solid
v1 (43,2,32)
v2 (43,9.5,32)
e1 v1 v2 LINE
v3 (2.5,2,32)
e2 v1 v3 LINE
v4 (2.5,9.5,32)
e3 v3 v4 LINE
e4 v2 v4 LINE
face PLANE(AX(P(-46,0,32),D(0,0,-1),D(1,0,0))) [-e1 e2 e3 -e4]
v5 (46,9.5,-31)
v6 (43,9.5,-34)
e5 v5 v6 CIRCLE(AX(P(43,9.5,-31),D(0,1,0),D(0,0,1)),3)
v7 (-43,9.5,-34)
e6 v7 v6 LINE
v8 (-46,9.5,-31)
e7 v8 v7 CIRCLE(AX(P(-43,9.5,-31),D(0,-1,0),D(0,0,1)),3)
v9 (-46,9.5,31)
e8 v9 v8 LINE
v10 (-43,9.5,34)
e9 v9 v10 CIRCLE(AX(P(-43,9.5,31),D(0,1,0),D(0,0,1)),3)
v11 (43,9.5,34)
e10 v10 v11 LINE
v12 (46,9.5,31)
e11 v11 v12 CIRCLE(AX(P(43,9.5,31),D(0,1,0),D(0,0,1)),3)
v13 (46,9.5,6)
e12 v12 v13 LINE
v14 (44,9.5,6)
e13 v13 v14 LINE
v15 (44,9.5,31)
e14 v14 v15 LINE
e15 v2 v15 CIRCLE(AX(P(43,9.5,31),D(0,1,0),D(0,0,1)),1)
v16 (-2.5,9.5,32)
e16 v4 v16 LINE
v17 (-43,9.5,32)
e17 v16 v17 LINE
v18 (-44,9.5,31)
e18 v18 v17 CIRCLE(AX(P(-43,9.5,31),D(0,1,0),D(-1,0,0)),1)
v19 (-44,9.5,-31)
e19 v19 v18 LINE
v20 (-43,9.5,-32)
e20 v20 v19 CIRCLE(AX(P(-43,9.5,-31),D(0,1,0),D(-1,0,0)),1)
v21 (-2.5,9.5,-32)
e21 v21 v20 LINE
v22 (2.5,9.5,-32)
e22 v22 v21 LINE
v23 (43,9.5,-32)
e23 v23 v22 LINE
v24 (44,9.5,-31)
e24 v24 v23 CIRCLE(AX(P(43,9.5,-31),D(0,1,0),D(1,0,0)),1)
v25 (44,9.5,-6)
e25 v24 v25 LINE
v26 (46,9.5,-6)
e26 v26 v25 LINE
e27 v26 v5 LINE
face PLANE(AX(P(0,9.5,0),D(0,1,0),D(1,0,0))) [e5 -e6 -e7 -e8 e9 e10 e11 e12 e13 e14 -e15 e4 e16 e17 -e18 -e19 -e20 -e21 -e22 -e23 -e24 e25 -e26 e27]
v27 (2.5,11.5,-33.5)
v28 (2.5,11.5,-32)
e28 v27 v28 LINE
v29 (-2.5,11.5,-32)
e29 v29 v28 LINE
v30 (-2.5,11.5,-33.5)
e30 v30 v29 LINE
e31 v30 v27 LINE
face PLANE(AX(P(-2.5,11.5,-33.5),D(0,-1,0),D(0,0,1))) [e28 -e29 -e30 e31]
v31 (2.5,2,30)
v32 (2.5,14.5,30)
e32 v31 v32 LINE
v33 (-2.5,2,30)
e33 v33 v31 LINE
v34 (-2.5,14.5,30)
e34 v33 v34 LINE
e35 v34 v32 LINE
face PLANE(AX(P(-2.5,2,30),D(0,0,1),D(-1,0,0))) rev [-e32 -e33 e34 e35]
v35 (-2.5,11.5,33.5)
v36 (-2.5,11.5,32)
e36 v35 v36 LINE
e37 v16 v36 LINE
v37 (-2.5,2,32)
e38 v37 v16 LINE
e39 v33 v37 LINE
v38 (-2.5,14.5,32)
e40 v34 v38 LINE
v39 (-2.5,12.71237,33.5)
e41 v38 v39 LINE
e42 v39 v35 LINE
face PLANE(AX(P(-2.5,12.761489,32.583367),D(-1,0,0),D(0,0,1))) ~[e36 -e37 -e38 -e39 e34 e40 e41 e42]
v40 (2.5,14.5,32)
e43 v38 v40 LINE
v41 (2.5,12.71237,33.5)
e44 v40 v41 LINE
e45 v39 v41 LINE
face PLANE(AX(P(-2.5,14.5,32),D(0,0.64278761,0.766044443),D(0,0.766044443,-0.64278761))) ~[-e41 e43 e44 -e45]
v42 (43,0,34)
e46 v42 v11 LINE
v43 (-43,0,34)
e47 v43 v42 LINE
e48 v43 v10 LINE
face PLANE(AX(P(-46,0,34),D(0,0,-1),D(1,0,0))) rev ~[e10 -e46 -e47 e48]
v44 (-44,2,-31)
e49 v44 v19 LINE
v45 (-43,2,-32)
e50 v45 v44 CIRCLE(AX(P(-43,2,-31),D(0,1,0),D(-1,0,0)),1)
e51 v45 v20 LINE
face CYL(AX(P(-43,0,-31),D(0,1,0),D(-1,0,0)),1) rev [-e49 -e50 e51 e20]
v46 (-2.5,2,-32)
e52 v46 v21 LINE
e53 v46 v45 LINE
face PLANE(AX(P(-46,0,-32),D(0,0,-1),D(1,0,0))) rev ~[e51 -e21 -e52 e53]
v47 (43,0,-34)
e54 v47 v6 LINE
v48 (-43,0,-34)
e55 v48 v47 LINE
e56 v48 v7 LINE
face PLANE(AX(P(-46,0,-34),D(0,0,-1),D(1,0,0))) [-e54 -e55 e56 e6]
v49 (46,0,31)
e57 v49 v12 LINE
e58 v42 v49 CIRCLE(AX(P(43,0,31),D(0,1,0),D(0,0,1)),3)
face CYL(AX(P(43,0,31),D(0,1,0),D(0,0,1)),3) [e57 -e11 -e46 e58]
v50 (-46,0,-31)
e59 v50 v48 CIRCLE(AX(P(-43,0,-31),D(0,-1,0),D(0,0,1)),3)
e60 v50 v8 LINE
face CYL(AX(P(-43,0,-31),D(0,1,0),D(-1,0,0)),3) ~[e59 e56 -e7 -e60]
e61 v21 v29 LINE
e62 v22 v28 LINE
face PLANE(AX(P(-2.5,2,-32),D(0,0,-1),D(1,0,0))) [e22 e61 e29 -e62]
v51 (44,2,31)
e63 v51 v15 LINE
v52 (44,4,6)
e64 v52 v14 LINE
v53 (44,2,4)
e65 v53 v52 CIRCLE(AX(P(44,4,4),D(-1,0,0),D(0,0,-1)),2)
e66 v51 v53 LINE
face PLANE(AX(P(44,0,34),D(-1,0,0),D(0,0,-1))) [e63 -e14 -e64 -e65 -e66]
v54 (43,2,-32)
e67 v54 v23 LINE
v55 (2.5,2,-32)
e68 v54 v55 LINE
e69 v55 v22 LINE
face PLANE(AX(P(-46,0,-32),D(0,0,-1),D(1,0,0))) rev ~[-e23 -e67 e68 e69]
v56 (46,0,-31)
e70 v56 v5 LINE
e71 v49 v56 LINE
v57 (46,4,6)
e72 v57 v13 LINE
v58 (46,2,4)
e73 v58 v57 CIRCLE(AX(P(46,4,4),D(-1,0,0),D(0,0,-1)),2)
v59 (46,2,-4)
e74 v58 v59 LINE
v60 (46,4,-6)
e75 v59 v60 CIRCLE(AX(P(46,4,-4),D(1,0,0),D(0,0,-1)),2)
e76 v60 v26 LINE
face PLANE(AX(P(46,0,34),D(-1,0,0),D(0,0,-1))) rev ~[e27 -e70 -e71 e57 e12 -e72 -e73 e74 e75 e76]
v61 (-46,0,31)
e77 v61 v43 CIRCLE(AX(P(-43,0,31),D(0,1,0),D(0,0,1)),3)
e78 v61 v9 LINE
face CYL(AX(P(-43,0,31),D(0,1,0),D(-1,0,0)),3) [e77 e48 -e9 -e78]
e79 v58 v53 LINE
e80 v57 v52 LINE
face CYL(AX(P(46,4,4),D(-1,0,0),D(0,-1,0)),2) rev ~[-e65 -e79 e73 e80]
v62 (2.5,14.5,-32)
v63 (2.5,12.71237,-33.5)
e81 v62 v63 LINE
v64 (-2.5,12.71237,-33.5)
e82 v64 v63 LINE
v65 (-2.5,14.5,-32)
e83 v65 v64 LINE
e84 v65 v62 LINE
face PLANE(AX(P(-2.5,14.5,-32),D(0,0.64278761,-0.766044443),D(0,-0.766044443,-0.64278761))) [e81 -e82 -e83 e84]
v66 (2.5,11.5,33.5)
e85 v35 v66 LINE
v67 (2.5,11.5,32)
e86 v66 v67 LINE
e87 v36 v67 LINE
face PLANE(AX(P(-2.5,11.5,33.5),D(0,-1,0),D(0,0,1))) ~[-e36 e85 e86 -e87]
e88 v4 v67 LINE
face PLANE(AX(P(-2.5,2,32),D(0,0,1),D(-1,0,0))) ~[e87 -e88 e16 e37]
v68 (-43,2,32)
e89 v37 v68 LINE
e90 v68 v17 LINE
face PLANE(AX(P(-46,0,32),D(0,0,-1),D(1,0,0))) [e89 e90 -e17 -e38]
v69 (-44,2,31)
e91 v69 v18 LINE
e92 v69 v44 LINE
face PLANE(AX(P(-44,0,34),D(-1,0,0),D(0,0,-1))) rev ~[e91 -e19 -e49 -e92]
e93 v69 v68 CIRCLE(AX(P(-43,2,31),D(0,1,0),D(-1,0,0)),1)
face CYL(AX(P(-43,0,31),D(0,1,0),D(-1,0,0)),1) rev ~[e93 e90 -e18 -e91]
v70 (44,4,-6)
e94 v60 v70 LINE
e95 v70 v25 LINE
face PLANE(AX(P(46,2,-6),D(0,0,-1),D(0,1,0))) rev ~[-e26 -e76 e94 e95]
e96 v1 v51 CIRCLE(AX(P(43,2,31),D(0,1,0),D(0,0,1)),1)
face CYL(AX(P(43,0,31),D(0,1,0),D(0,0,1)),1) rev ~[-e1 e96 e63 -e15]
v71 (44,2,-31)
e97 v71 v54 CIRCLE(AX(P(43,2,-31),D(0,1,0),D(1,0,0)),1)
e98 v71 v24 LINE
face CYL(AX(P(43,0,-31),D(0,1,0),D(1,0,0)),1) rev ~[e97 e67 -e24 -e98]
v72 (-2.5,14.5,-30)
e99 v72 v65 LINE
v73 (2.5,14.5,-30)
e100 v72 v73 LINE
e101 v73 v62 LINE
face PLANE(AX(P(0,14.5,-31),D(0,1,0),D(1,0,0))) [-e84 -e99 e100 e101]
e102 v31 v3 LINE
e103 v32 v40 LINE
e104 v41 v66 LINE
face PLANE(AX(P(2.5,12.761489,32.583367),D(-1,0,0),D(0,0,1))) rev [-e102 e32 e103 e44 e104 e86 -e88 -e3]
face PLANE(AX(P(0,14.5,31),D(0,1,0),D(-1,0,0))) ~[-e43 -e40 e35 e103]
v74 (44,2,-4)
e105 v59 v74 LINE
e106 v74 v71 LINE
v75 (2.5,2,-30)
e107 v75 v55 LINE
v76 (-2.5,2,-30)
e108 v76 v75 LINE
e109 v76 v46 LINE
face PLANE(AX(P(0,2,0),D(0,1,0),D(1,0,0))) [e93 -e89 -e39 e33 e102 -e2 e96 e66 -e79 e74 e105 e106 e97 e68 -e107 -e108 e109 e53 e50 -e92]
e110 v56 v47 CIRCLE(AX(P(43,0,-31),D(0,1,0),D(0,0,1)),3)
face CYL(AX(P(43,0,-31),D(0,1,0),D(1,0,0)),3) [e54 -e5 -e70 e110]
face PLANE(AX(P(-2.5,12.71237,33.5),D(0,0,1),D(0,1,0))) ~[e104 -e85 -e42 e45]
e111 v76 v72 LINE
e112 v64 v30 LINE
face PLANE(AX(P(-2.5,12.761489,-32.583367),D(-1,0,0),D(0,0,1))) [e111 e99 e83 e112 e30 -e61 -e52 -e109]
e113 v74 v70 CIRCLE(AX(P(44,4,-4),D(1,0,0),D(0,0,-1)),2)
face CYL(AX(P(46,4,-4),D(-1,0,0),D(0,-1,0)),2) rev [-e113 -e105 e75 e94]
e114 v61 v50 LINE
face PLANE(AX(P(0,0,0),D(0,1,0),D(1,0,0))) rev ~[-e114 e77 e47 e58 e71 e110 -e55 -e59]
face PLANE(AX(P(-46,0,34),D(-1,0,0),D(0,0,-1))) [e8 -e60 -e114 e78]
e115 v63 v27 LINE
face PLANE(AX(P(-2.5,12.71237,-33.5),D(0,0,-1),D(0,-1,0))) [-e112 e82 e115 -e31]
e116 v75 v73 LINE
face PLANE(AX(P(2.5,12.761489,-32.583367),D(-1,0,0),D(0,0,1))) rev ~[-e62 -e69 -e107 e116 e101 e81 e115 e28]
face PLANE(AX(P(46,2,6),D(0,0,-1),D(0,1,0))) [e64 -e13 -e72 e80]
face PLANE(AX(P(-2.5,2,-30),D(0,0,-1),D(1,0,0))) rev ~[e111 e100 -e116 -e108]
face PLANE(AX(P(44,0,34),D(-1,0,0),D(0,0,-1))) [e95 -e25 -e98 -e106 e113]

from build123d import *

# Parameters (mm, degrees)
SKETCH1_W           = 92
SKETCH1_H           = 68
BOSS_EXTRUDE1_DEPTH = 9.5
FILLET1_R           = 3
SHELL1_T            = -2
SKETCH3_W           = 5
SKETCH3_H           = 2
BOSS_EXTRUDE2_DEPTH = 12.5
BOSS_EXTRUDE3_DEPTH = 5
CUT_EXTRUDE1_REACH  = 94
SKETCH5_W           = 12
SKETCH5_H           = 7.5
FILLET2_R           = 2


with BuildPart() as part:
    # Sketch1 → Boss-Extrude1 (new body)
    with BuildSketch(Plane(origin=(0, 0, 0), x_dir=(1, 0, 0), z_dir=(0, 1, 0))):
        Rectangle(SKETCH1_W, SKETCH1_H)
    extrude(amount=BOSS_EXTRUDE1_DEPTH)

    # Fillet1
    fillet1_edges = [part.edges().sort_by_distance(p)[0] for p in [
        (46, 4.75, 34),
        (-46, 4.75, 34),
        (-46, 4.75, -34),
        (46, 4.75, -34),
    ]]
    fillet(fillet1_edges, radius=FILLET1_R)

    # Shell1
    shell1_openings = [part.faces().sort_by_distance(p)[0] for p in [
        (0, 9.5, 0),
    ]]
    offset(amount=SHELL1_T, openings=shell1_openings, kind=Kind.INTERSECTION)

    # Sketch3 → Boss-Extrude2 (add)
    with BuildSketch(Plane(origin=(0, 2, 0), x_dir=(1, 0, 0), z_dir=(0, 1, 0))):
        with Locations((0, 31)):
            Rectangle(SKETCH3_W, SKETCH3_H)
    boss_extrude2 = extrude(amount=BOSS_EXTRUDE2_DEPTH)

    # Sketch4 → Boss-Extrude3 (add)
    with BuildSketch(Plane.ZY.offset(2.5)):
        Polygon((-32, 14.5), (-33.5, 12.712369611), (-33.5, 11.5), (-32, 11.5), align=None)
    boss_extrude3 = extrude(amount=-BOSS_EXTRUDE3_DEPTH)

    # Mirror1: Boss-Extrude2, Boss-Extrude3 across plane
    add(boss_extrude2.mirror(Plane.XY))
    add(boss_extrude3.mirror(Plane.XY))

    # Sketch5 → Cut-Extrude1 (cut, up to next)
    with BuildSketch(Plane(origin=(46, 0, 0), x_dir=(0, 0, -1), z_dir=(1, 0, 0)), mode=Mode.PRIVATE) as cut_extrude1_sk1:
        with Locations((0, 5.75)):
            Rectangle(SKETCH5_W, SKETCH5_H)
    cut_extrude1_tool1 = extrude(cut_extrude1_sk1.sketch, amount=-CUT_EXTRUDE1_REACH, mode=Mode.PRIVATE) & part.part
    add(cut_extrude1_tool1.solids().sort_by_distance((46, 5.75, 0))[0], mode=Mode.SUBTRACT)

    # Fillet2
    fillet2_edges = [part.edges().sort_by_distance(p)[0] for p in [
        (45, 2, 6),
        (45, 2, -6),
    ]]
    fillet(fillet2_edges, radius=FILLET2_R)


solid = part.part
